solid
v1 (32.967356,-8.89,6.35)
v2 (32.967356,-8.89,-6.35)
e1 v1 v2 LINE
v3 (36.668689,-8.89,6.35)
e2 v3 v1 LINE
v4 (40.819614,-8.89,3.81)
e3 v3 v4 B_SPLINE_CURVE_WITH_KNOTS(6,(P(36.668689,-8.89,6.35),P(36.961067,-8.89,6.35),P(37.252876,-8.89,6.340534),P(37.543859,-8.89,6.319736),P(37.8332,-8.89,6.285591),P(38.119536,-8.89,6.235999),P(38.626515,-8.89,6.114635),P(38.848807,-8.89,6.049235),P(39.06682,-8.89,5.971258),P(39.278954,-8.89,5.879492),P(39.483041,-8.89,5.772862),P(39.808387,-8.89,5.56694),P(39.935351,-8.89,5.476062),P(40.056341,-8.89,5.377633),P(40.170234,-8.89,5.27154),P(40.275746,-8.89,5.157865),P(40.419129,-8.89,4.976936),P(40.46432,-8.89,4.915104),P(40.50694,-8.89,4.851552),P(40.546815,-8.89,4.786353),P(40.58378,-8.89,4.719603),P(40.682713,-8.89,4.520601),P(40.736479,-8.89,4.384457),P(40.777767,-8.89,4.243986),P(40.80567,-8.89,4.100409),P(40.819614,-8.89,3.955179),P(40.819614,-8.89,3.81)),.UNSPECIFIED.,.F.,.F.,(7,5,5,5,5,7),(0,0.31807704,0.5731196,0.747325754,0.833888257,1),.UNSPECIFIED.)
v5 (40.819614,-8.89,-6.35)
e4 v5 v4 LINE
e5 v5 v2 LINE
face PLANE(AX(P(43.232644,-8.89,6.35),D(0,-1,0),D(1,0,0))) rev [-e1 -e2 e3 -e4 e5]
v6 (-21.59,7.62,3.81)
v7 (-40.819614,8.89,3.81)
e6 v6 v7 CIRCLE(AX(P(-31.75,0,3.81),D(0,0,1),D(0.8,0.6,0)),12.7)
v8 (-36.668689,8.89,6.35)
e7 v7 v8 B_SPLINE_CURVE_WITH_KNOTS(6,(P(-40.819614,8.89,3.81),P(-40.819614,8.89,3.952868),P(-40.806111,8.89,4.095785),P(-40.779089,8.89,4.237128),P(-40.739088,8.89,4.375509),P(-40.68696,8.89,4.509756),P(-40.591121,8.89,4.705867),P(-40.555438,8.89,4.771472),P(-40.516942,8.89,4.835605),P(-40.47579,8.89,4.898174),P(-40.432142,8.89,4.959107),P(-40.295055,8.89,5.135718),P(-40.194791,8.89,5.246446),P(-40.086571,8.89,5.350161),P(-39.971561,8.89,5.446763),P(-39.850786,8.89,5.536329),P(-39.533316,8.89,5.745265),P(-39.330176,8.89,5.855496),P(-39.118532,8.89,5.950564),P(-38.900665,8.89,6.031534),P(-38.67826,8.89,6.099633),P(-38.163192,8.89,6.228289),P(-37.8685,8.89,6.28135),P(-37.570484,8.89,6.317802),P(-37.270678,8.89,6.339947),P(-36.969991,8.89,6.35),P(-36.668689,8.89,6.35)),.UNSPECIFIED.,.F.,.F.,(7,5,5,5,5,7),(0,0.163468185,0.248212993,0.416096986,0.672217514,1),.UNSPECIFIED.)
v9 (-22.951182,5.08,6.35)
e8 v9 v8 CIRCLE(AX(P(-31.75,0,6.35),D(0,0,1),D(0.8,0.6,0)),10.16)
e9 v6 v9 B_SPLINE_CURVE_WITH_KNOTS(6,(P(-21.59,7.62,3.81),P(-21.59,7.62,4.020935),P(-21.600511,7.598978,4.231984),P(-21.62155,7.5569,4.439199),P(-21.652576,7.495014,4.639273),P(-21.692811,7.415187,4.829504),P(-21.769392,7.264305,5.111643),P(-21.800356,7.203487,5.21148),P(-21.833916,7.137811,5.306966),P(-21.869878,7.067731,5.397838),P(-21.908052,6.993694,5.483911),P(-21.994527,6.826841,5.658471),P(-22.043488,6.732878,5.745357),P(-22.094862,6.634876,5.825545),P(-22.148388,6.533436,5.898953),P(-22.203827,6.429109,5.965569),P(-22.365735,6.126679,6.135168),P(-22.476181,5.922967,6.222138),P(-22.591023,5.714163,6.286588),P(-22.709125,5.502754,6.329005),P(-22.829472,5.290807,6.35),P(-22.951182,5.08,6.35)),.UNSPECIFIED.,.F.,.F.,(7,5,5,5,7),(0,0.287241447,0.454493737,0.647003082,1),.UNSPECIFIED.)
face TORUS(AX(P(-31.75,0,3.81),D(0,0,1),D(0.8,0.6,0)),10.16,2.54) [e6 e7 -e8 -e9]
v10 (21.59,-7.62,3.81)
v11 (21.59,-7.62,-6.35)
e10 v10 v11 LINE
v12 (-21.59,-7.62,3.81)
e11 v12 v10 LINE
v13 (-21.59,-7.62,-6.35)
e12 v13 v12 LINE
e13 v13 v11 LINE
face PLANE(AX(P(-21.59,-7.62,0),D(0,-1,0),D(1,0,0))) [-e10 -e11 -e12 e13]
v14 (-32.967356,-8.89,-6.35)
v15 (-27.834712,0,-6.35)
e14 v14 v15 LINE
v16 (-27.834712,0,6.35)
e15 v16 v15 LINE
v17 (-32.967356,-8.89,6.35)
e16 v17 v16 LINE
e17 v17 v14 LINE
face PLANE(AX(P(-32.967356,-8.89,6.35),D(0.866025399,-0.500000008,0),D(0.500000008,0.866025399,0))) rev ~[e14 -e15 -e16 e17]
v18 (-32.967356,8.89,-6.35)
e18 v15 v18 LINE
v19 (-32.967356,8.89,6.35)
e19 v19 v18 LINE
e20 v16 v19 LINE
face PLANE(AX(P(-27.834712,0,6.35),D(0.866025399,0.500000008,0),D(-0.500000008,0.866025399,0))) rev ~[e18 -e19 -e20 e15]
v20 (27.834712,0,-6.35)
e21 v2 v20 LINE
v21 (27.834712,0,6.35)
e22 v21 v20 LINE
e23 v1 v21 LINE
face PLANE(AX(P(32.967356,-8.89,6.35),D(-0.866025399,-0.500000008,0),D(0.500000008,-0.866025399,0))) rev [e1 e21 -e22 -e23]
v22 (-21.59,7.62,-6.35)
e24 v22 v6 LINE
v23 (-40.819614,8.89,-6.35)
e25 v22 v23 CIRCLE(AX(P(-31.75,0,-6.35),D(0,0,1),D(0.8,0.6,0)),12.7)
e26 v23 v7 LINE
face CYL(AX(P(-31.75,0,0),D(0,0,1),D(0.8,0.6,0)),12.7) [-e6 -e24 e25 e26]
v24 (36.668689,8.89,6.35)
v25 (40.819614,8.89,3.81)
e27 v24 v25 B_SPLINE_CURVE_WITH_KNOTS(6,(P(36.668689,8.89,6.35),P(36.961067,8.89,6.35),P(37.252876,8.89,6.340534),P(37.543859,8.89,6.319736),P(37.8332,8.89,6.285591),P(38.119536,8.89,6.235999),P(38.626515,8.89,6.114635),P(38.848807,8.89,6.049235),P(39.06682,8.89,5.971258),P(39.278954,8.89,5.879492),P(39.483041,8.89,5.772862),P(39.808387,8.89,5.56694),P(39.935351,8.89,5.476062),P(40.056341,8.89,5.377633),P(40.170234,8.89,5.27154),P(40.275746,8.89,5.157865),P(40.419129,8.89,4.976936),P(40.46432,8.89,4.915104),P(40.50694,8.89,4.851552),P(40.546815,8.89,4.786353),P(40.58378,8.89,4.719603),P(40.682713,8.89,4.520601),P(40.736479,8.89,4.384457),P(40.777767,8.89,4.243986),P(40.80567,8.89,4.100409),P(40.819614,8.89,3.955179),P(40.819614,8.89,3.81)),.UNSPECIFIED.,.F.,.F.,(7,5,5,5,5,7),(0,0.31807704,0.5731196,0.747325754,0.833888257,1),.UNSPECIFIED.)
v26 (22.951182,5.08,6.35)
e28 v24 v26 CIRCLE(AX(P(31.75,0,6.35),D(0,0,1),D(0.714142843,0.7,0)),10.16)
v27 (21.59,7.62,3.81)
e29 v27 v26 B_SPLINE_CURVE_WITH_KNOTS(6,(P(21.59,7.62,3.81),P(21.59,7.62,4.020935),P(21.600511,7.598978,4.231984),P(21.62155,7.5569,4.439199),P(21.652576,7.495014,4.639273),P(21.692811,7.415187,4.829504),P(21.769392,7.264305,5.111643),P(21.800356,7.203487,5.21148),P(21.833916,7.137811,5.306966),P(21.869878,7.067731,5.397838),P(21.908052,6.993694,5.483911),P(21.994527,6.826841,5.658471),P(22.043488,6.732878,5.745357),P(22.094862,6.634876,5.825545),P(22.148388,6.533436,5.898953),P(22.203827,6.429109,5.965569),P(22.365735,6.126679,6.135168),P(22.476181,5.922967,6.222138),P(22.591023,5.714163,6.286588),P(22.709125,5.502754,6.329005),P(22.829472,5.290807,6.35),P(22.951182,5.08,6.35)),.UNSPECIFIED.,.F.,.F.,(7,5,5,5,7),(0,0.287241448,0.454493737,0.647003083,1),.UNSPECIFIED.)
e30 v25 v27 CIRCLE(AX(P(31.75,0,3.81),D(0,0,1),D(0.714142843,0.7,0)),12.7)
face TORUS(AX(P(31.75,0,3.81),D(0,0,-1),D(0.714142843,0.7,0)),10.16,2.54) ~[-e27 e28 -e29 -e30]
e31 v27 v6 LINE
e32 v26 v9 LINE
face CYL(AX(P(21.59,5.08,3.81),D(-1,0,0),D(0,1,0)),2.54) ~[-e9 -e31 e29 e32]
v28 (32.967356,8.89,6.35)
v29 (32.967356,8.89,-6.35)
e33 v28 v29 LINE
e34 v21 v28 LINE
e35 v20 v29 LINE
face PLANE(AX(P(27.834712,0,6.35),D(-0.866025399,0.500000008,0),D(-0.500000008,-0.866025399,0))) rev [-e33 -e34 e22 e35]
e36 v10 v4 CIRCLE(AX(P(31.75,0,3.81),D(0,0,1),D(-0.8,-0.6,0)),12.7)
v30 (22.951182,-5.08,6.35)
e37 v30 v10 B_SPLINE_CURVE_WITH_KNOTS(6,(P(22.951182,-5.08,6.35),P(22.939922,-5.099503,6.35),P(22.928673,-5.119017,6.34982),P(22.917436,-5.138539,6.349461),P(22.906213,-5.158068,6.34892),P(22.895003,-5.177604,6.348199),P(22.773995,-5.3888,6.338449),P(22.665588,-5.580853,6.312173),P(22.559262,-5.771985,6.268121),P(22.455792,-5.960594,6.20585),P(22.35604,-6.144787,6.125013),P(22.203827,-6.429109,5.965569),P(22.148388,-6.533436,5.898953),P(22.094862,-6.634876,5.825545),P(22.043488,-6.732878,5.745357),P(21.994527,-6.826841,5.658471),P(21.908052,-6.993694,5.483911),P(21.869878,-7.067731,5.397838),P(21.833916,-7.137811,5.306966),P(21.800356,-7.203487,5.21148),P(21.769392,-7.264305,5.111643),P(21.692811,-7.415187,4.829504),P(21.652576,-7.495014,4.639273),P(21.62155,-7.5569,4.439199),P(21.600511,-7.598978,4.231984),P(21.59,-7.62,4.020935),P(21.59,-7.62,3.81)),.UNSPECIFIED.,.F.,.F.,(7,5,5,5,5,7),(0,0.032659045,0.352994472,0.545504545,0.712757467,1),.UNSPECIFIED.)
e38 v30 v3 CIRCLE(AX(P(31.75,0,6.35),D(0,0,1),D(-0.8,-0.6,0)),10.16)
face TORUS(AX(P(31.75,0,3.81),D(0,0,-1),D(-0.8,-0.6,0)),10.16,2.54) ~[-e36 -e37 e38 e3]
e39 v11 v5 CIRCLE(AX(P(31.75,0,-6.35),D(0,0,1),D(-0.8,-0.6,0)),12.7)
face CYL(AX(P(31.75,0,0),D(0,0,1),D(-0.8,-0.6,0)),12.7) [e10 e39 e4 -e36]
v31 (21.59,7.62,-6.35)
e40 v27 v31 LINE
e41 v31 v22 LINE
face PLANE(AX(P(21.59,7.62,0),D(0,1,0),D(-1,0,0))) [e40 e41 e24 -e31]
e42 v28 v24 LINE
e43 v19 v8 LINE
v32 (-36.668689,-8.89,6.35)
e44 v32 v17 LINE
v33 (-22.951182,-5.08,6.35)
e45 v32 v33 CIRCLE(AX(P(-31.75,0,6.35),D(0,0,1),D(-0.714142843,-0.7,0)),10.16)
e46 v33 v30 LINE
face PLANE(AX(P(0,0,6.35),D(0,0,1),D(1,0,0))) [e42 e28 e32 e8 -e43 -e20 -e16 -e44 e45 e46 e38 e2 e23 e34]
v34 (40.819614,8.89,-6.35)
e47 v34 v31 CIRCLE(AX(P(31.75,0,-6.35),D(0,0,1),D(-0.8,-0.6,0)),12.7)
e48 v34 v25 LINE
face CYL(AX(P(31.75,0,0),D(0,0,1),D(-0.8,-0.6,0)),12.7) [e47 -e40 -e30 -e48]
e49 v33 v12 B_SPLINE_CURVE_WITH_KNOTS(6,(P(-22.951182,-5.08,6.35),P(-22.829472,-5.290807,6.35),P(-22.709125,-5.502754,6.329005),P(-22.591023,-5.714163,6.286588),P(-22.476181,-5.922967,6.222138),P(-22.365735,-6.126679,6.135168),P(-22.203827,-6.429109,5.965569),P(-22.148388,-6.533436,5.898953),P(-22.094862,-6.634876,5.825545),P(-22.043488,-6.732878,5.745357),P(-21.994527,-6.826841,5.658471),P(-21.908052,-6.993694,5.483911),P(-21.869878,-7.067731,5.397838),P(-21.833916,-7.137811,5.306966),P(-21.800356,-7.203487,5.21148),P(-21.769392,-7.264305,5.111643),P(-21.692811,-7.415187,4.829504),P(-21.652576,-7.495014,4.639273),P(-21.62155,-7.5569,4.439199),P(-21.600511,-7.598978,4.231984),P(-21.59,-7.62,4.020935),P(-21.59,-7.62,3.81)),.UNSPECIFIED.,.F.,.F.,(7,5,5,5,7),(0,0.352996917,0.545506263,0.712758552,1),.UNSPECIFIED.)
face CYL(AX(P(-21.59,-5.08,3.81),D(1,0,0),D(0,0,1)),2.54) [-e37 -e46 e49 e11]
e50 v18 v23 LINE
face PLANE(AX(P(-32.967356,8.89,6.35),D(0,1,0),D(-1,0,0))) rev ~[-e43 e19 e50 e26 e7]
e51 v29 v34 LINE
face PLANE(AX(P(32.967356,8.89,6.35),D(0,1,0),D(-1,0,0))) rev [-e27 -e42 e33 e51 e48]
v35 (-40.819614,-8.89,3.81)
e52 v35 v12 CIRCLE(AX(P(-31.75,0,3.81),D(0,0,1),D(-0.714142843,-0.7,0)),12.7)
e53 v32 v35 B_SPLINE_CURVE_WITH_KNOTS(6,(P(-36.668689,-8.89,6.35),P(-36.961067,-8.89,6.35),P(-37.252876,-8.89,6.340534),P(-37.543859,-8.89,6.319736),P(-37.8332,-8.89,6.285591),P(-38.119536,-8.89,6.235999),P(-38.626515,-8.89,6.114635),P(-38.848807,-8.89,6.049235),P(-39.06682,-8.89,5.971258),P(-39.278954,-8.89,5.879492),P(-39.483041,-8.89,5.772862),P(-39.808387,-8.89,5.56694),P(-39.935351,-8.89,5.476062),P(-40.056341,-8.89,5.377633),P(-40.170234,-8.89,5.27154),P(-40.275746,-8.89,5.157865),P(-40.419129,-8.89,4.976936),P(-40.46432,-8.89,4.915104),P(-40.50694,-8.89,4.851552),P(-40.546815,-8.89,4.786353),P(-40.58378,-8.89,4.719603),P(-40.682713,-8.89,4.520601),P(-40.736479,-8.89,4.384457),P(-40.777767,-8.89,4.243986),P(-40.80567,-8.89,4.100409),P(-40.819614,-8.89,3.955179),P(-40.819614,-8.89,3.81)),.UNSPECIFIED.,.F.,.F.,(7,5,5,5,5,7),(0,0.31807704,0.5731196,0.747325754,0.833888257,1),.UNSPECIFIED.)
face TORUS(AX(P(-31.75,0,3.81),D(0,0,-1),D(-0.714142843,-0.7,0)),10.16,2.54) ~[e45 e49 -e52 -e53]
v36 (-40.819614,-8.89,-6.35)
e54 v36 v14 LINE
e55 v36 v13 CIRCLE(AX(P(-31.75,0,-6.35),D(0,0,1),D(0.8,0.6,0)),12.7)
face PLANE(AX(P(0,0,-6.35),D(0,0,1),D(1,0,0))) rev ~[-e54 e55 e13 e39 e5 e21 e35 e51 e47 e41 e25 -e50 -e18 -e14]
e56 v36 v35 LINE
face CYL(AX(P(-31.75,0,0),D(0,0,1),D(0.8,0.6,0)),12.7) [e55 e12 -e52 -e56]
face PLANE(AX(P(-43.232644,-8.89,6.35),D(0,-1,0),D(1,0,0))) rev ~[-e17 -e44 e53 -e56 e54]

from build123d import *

# Parameters (mm, degrees)
F1_DEPTH = 6.35
F3_DEPTH = 12.701
F6_R     = 2.54


with BuildPart() as f1:
    # F0 (on Top) → F1 (new body, symmetric)
    with BuildSketch(Plane.XY):
        with BuildLine():
            Line((21.59, 7.62), (-21.59, 7.62))
            ThreePointArc((-21.59, 7.62), (-44.45, 0), (-21.59, -7.62))
            Line((-21.59, -7.62), (21.59, -7.62))
            ThreePointArc((21.59, -7.62), (44.45, 0), (21.59, 7.62))
        make_face()
    extrude(amount=F1_DEPTH, both=True)

    # F4: F3 across plane


with BuildPart() as f3:
    # F2 (on face) → F3 (new body, through all)
    with BuildSketch(Plane.XY.offset(6.35)):
        Polygon((-48.365288, 0), (-43.232644, -8.89), (-32.967356, -8.89), (-27.834712, 0), (-32.967356, 8.89), (-43.232644, 8.89), align=None)
    extrude(amount=-F3_DEPTH)


with BuildPart() as f1_1:
    add(f1.part)
    add(f3.part.mirror(Plane.YZ), mode=Mode.SUBTRACT)

    # F5: cut F3
    add(f3.part, mode=Mode.SUBTRACT)

    # F6
    f6_edges = [f1_1.edges().sort_by_distance(p)[0] for p in [
        (0, -7.62, 6.35),
        (-30.913065, 12.672393, 6.35),
        (-30.913065, -12.672393, 6.35),
        (0, 7.62, 6.35),
        (30.913065, -12.672393, 6.35),
        (30.913065, 12.672393, 6.35),
    ]]
    fillet(f6_edges, radius=F6_R)


solid = f1_1.part
